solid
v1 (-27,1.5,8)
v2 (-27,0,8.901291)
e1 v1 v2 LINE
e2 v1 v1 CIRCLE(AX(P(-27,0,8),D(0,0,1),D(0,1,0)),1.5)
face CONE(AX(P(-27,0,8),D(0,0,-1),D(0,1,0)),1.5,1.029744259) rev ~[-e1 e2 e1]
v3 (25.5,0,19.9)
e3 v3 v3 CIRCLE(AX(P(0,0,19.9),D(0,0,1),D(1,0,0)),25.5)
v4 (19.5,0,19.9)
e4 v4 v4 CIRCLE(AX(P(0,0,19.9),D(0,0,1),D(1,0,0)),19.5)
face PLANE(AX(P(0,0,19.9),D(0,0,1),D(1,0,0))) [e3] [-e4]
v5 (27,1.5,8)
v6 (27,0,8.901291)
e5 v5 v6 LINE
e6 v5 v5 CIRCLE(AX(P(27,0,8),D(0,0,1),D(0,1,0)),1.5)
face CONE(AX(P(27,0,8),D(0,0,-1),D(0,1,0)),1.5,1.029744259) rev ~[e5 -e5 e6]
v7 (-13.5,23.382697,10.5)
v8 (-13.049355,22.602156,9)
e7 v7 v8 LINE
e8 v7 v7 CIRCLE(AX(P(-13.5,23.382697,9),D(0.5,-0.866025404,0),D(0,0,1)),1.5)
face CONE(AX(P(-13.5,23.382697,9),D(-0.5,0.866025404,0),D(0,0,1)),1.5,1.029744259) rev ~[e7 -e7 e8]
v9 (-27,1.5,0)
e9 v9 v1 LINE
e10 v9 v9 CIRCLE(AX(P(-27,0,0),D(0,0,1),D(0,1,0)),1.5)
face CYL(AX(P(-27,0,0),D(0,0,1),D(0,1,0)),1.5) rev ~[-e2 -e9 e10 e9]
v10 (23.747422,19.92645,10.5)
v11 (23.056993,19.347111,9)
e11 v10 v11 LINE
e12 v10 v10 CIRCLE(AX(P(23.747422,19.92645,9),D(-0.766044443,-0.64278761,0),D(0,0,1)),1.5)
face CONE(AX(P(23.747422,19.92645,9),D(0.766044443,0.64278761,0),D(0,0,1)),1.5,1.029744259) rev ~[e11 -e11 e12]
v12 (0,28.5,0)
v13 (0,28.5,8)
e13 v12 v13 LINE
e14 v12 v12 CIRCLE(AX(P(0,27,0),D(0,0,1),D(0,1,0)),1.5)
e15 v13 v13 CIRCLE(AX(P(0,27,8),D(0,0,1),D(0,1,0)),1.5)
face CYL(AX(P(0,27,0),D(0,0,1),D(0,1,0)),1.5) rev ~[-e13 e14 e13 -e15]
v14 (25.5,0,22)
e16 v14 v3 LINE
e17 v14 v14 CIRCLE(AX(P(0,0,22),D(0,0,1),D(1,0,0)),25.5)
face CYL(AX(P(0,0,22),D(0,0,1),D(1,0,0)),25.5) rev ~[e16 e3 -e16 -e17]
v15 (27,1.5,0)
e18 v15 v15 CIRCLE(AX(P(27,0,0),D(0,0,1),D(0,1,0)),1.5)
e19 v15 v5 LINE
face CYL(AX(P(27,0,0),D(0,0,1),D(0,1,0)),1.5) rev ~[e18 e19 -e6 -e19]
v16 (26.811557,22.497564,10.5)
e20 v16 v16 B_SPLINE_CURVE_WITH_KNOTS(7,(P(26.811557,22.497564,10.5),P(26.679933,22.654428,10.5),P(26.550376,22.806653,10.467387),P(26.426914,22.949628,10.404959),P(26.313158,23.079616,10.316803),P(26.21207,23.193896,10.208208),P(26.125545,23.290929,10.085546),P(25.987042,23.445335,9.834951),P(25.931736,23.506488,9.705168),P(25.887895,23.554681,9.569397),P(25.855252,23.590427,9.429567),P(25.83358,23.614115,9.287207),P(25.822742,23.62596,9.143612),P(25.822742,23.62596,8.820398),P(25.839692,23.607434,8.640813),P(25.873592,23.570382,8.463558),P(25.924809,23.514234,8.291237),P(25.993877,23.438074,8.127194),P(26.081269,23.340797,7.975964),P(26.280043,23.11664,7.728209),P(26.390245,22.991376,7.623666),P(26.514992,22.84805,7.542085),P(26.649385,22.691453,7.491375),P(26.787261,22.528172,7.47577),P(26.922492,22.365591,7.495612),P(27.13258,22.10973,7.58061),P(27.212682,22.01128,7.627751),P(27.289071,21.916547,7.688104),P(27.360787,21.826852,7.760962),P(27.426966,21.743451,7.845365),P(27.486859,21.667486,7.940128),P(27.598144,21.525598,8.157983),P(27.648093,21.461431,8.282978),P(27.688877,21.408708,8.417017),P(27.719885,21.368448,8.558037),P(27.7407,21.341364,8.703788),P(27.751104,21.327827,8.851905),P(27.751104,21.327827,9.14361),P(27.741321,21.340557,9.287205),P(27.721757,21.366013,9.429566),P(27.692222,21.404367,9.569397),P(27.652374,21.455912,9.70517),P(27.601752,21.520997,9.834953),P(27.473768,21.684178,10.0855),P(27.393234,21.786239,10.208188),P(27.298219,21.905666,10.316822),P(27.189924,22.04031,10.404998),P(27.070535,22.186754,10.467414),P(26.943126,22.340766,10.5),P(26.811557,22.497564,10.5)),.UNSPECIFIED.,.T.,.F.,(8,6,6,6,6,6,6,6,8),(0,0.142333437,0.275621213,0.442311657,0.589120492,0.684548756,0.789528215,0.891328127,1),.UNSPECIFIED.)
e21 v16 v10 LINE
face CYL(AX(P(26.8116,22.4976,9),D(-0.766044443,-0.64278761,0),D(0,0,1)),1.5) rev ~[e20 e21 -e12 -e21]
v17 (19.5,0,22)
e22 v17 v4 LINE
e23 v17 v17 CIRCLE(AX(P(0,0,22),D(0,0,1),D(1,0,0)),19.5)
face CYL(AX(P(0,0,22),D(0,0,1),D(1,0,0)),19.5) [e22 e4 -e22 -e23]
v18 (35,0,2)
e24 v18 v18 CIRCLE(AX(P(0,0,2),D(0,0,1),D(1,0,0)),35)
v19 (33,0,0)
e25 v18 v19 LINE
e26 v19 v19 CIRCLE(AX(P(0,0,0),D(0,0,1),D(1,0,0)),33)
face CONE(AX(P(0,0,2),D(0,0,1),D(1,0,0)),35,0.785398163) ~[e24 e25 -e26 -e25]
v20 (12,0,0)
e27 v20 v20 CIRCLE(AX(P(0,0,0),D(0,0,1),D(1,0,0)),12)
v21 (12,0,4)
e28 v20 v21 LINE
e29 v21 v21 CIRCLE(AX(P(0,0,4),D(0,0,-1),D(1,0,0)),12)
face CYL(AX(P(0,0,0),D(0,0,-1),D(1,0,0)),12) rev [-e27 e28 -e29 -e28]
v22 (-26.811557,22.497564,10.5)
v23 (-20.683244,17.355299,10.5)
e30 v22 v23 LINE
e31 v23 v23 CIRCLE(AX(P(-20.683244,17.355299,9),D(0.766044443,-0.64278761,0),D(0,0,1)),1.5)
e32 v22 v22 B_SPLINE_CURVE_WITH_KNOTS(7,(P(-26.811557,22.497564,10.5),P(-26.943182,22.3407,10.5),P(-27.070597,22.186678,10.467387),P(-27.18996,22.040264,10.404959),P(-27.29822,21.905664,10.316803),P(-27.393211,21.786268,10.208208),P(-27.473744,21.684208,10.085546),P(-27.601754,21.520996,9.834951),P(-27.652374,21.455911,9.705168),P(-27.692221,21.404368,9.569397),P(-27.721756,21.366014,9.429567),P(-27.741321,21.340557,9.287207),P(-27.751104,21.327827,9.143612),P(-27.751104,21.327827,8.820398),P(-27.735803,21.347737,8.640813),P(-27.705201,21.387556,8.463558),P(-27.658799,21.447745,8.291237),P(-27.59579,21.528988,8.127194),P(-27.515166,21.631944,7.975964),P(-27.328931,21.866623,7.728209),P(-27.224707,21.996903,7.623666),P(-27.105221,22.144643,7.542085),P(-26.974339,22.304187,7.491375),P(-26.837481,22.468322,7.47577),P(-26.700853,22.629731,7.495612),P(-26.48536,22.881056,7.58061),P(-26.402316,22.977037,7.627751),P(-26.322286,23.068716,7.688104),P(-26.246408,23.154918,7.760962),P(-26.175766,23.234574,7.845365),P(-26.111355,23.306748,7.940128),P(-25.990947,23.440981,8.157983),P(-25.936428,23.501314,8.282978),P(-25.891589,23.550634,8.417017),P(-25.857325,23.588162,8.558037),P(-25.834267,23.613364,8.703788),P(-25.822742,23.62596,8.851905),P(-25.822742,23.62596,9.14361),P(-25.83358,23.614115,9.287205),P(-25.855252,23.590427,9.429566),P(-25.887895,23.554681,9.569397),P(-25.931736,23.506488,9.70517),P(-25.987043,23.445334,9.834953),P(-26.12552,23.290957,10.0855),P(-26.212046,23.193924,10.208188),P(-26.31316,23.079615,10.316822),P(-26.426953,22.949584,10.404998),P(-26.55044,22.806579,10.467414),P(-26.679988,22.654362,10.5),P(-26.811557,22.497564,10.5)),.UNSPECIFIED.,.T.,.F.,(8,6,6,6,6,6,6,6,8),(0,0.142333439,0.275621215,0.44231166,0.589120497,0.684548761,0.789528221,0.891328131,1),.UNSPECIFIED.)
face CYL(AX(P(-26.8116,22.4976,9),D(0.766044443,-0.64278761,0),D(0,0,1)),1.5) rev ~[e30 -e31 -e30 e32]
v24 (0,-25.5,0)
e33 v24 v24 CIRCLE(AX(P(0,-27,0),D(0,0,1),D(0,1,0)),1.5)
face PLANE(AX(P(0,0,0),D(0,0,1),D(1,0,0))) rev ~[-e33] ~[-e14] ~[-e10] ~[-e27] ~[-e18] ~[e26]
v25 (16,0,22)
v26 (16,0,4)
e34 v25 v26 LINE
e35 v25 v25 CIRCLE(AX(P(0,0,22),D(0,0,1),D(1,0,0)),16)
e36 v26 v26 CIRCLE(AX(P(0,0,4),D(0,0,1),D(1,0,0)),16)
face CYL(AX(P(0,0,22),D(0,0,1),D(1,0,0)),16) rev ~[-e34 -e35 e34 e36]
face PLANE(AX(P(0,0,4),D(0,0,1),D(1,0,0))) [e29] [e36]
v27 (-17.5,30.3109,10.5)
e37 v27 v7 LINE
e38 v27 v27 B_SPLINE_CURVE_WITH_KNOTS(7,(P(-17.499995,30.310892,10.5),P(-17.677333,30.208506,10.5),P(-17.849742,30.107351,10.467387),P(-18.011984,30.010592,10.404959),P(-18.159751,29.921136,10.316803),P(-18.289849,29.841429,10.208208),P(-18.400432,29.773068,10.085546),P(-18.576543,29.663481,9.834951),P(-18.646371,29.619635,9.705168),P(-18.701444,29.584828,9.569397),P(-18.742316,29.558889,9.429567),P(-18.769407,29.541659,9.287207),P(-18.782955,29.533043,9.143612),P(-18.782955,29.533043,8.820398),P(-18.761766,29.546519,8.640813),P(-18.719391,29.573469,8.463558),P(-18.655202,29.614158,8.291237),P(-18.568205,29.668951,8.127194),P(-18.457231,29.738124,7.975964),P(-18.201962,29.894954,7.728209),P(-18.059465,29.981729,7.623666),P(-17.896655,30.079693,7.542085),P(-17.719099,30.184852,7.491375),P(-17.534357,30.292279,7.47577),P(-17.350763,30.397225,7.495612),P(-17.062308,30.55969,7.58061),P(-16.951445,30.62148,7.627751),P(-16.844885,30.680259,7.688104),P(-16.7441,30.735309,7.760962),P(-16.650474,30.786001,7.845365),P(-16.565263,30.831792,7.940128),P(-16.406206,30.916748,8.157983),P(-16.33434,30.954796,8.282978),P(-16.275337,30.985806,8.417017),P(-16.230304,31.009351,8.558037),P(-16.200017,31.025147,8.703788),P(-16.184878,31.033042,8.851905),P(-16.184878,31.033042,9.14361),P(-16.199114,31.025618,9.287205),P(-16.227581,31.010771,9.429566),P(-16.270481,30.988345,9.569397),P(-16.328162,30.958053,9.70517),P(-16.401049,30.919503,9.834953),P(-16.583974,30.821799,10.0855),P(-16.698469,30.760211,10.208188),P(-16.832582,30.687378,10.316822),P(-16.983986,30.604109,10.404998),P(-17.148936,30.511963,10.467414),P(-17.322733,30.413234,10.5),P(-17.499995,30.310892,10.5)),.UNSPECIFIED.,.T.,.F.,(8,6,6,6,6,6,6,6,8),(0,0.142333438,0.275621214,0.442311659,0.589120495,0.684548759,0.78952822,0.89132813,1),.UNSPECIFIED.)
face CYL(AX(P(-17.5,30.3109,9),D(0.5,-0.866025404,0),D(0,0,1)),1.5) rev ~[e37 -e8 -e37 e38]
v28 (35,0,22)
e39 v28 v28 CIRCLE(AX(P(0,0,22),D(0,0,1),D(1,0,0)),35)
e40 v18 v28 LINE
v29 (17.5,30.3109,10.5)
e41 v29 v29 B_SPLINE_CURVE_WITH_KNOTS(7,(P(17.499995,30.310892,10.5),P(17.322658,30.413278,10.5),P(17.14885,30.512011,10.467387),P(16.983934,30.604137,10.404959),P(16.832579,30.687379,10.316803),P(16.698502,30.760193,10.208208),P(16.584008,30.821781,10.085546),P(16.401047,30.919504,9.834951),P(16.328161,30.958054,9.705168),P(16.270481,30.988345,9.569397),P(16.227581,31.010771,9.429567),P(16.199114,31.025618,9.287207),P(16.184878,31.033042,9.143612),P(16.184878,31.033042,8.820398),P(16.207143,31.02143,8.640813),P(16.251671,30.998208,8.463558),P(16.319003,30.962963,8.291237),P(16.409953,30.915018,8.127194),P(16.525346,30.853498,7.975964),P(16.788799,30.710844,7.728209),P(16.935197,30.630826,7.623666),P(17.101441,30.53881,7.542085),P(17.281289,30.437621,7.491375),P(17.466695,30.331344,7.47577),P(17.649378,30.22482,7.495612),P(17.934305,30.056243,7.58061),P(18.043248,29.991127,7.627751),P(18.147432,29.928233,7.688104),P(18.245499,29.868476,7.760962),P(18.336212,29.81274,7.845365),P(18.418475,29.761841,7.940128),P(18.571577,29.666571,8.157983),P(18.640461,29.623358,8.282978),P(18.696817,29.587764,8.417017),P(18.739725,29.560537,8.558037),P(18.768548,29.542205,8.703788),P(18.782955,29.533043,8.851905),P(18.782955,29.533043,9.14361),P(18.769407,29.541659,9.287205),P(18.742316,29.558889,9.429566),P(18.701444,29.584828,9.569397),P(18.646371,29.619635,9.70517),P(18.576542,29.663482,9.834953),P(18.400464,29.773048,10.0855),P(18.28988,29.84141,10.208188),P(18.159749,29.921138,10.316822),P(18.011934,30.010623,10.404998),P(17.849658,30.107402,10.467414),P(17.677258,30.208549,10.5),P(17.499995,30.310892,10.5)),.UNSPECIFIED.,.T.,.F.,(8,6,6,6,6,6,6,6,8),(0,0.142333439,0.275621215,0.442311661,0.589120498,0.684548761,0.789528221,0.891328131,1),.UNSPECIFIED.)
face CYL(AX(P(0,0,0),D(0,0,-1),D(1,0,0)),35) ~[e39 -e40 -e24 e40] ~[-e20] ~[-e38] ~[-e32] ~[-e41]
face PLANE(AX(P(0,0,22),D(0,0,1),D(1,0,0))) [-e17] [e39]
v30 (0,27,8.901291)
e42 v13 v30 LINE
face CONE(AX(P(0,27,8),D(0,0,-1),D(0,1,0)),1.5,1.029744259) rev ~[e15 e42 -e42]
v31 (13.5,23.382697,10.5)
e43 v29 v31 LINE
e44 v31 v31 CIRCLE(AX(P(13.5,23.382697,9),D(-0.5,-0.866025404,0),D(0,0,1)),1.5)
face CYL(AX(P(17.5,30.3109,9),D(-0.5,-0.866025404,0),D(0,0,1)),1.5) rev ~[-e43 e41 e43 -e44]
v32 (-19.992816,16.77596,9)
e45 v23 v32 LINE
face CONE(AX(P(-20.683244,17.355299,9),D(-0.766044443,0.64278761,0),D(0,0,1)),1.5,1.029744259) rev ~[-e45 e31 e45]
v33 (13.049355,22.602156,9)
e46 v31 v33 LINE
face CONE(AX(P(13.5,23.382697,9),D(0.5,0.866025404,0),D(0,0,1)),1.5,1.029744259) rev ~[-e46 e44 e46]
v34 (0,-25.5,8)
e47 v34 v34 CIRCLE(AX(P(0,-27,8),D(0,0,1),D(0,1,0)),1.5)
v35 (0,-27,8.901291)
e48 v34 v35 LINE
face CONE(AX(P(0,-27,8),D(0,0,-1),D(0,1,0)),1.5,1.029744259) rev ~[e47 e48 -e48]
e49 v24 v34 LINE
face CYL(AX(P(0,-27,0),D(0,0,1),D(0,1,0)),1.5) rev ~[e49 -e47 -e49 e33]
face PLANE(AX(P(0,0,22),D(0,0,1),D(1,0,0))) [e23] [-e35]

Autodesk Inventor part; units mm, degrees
sketch "Sketch1" plane through (0, 0, 0) normal (0, 0, 1) x (1, 0, 0)
  circle A0 centre (0, 0) radius 35
  circle A1 centre (0, 0) radius 12
  dimension "d0" = 70
  dimension "d1" = 24
extrude "Extrusion1" add sketch "Sketch1" along normal blind 22
sketch "Sketch2" plane through (0, 0, 22) normal (0, 0, 1) x (1, 0, 0)
  circle A0 centre (0, 0) radius 12 projected
  circle A1 centre (0, 0) radius 35 projected
  circle A2 centre (0, 0) radius 25.5
  circle A3 centre (0, 0) radius 19.5
  dimension "d4" = 51
  dimension "d5" = 6
extrude "Extrusion2" cut sketch "Sketch2" against normal blind 2.1 contours A2
sketch "Sketch3" plane through (0, 0, 22) normal (0, 0, 1) x (1, 0, 0)
  line L0 (0, 0) -> (0, 45.779) construction
  line L1 (0, 0) -> (38.81, 0) construction
  line L2 (0, 0) -> (26.8116, 22.4976) construction
  circle A0 centre (0, 0) radius 35 construction
  line L3 (0, 0) -> (35, 0) construction
  line L4 (0, 0) -> (17.5, 30.3109) construction
  line L5 (0, 0) -> (35, 0) construction
  line L6 (0, 0) -> (-26.8116, 22.4976) construction
  line L7 (0, 0) -> (-17.5, 30.3109) construction
  dimension "d11" = 40
  dimension "d12" = 60
ref_plane "Work Plane1" through (17.5, 30.3109, 22) normal (0.5, 0.866, 0) x (-0.866, 0.5, 0)
ref_plane "Work Plane2" through (26.8116, 22.4976, 22) normal (0.766, 0.6428, 0) x (-0.6428, 0.766, 0)
ref_plane "Work Plane3" through (-17.5, 30.3109, 22) normal (-0.5, 0.866, 0) x (-0.866, -0.5, 0)
ref_plane "Work Plane4" through (-26.8116, 22.4976, 22) normal (-0.766, 0.6428, 0) x (-0.6428, -0.766, 0)
sketch "Sketch4" plane through (26.8116, 22.4976, 22) normal (0.766, 0.6428, 0) x (-0.6428, 0.766, 0)
  line L0 (35, 0) -> (-35, 0) projected
  point P0 (0, -22)
  point P1 (0, -13)
  dimension "d13" = 13
hole "Hole1" at (26.8116, 22.4976, 9) direction (-0.766, -0.6428, 0) diameter 3 depth 4 tip angle 118
sketch "Sketch5" plane through (17.5, 30.3109, 22) normal (0.5, 0.866, 0) x (-0.866, 0.5, 0)
  line L0 (35, 0) -> (-35, 0) projected
  point P0 (0, -22)
  point P1 (0, -13)
  dimension "d21" = 13
hole "Hole2" at (17.5, 30.3109, 9) direction (-0.5, -0.866, 0) diameter 3 depth 8 tip angle 118
sketch "Sketch6" plane through (-17.5, 30.3109, 22) normal (-0.5, 0.866, 0) x (-0.866, -0.5, 0)
  line L0 (35, 0) -> (-35, 0) projected
  point P0 (0, -22)
  point P1 (0, -13)
  dimension "d29" = 13
hole "Hole3" at (-17.5, 30.3109, 9) direction (0.5, -0.866, 0) diameter 3 depth 8 tip angle 118
sketch "Sketch7" plane through (-26.8116, 22.4976, 22) normal (-0.766, 0.6428, 0) x (-0.6428, -0.766, 0)
  line L0 (35, 0) -> (-35, 0) projected
  point P0 (0, -22)
  point P1 (0, -13)
  dimension "d37" = 13
hole "Hole4" at (-26.8116, 22.4976, 9) direction (0.766, -0.6428, 0) diameter 3 depth 8 tip angle 118
thread "Thread1" size "M3x0.5" class "6H" standard "ANSI Metric M Profile" full length
thread "Thread2" size "M3x0.5" class "6H" standard "ANSI Metric M Profile" full length
thread "Thread3" size "M3x0.5" class "6H" standard "ANSI Metric M Profile" full length
thread "Thread4" size "M3x0.5" class "6H" standard "ANSI Metric M Profile" full length
sketch "Sketch9" plane through (0, 0, 22) normal (0, 0, 1) x (1, 0, 0)
  circle A0 centre (0, 0) radius 16
  dimension "d53" = 32
extrude "Extrusion3" cut sketch "Sketch9" against normal blind 18
sketch "Sketch11" plane through (0, 0, 0) normal (0, 0, -1) x (-1, 0, 0)
  circle A0 centre (0, 0) radius 27 construction
  point P0 (-27, 0)
  point P1 (0, -27)
  point P2 (27, 0)
  point P3 (0, 27)
  dimension "d77" = 54
  dimension "d80" = 360
hole "Hole6" at (27, 0, 0) at (0, -27, 0) at (-27, 0, 0) at (0, 27, 0) direction (0, 0, 1) diameter 3 depth 8 tip angle 118
thread "Thread9" size "M3x0.5" class "6H" standard "ANSI Metric M Profile" full length
thread "Thread10" size "M3x0.5" class "6H" standard "ANSI Metric M Profile" full length
thread "Thread11" size "M3x0.5" class "6H" standard "ANSI Metric M Profile" full length
thread "Thread12" size "M3x0.5" class "6H" standard "ANSI Metric M Profile" full length
chamfer "Chamfer2" distance 2 angle 45 1 edges at (-35, 0, 0)
properties part number "joint_mag_side" material "Aluminum 6061"
